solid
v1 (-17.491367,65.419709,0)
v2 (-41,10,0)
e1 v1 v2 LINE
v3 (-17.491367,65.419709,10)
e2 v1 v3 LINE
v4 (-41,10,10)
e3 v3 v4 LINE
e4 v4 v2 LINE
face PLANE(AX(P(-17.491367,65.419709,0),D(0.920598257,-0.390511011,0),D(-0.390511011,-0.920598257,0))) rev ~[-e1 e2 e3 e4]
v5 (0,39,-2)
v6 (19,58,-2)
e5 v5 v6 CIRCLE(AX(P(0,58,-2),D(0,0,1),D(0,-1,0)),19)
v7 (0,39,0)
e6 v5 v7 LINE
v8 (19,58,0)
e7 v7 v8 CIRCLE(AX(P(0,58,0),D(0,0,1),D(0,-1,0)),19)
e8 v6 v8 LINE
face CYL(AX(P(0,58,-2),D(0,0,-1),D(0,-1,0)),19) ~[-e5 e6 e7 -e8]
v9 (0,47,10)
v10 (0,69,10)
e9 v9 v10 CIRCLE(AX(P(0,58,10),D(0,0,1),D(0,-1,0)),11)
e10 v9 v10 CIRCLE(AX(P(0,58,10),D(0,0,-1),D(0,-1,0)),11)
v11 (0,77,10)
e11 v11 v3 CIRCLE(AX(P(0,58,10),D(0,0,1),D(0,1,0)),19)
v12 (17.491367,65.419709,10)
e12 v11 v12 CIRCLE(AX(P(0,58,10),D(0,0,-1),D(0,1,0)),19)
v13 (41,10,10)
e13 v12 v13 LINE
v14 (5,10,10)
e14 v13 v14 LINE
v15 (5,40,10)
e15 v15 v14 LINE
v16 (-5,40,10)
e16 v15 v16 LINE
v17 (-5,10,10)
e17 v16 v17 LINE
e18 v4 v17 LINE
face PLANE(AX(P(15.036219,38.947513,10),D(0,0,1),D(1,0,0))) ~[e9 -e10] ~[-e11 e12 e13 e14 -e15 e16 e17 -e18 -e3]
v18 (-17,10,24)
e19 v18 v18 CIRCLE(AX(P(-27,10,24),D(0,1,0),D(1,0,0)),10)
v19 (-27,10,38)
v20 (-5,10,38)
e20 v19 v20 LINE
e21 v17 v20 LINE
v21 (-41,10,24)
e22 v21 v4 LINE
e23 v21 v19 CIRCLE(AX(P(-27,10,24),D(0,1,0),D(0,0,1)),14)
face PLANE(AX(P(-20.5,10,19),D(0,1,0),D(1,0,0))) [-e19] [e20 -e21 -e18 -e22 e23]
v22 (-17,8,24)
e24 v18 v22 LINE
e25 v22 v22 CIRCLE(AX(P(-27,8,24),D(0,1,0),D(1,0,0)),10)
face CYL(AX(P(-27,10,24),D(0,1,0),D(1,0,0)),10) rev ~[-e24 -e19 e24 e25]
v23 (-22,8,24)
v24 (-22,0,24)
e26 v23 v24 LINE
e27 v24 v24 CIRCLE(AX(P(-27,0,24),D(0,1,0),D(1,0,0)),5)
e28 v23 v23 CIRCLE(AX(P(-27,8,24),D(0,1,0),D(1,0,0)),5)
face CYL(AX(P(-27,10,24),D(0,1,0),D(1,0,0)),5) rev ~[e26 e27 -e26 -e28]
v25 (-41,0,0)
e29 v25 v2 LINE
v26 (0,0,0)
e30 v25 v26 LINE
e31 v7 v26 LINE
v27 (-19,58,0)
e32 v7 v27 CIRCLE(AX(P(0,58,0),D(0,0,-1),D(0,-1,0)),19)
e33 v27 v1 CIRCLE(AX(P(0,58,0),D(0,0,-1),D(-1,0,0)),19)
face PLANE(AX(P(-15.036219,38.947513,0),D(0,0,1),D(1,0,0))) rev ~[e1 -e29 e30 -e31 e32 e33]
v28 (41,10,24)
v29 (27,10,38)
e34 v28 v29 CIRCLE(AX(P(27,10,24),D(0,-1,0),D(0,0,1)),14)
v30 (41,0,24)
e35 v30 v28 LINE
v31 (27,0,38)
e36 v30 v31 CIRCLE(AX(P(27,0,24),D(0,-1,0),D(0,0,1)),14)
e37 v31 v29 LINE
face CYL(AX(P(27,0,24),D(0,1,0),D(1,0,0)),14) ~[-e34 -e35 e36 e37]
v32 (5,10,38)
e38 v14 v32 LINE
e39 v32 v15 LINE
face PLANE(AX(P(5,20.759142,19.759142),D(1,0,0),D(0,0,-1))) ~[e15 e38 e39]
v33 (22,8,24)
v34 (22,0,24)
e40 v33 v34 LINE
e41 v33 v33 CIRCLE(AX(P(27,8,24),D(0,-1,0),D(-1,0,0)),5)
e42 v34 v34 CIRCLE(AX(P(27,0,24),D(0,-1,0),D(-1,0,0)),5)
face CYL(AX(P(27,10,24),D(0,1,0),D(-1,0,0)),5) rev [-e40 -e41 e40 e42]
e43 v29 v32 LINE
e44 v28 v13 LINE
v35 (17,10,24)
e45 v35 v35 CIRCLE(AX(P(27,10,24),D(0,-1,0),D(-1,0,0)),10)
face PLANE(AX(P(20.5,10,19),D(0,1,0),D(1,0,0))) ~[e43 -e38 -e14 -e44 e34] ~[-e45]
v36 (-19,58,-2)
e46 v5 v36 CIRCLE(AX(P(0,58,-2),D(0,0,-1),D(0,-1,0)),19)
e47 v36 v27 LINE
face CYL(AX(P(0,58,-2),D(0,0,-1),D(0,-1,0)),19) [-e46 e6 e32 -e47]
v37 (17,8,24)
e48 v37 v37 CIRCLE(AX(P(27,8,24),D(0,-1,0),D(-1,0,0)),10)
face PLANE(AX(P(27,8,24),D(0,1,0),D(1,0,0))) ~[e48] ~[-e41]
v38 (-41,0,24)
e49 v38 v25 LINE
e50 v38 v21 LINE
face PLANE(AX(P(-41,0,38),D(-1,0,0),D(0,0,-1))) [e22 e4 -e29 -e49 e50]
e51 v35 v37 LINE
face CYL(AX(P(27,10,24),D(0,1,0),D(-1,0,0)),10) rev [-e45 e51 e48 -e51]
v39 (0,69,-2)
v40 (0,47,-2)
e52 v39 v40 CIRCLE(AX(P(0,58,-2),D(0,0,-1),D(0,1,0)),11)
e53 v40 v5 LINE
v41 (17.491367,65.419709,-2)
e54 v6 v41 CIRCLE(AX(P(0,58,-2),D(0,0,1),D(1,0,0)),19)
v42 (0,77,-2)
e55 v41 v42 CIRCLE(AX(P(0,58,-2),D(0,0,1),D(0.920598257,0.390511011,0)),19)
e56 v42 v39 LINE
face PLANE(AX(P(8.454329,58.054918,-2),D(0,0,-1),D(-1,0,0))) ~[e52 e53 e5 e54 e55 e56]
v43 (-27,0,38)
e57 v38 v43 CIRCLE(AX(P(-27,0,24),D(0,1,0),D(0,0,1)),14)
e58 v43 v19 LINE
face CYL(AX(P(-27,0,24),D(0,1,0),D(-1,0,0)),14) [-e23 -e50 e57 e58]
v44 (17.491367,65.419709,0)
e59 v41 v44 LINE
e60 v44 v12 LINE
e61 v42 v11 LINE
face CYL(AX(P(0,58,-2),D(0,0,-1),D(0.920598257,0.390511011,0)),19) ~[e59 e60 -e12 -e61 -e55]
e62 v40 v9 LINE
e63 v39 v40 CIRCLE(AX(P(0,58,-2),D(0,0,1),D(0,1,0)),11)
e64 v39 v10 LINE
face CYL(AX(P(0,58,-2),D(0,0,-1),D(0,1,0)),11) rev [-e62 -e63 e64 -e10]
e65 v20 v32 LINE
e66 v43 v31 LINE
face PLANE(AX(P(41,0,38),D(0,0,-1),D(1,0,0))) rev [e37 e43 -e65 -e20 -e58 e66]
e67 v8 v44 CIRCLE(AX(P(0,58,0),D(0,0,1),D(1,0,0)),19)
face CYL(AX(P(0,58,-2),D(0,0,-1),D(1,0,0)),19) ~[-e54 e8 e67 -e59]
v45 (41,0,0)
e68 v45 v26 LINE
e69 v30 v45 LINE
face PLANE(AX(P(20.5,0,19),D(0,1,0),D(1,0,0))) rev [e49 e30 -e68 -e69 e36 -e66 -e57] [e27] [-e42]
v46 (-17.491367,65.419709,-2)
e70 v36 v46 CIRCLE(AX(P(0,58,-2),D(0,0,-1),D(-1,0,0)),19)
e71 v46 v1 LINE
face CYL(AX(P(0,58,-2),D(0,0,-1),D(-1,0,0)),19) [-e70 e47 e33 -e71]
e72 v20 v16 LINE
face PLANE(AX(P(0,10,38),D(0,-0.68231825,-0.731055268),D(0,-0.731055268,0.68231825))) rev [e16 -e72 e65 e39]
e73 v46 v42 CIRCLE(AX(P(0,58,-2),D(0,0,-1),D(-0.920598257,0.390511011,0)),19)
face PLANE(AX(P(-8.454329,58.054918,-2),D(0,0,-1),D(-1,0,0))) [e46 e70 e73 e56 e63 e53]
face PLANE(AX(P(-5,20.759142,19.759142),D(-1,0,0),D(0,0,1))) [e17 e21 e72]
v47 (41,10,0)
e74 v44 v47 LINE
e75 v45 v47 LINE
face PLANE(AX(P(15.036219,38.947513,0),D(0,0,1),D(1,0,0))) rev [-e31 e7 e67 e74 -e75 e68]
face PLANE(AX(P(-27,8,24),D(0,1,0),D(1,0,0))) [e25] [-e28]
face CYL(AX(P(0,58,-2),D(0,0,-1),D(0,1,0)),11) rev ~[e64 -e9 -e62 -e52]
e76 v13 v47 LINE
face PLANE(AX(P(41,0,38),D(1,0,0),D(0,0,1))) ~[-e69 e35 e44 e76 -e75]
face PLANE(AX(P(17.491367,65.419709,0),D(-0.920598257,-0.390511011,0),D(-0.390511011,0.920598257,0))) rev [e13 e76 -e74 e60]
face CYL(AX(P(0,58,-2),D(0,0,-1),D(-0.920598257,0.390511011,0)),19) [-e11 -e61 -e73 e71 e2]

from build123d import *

# Parameters (mm, degrees)
SKETCH1_W           = 41
SKETCH1_H           = 38
BOSS_EXTRUDE1_DEPTH = 10
SKETCH2_R           = 10
SKETCH2_R_2         = 5
CUT_EXTRUDE1_DEPTH  = 2
CUT_EXTRUDE2_REACH  = 58.789
SKETCH2_2_R         = 5
FILLET1_R           = 14
BOSS_EXTRUDE2_DEPTH = 10
BOSS_EXTRUDE3_START = 2
BOSS_EXTRUDE3_DEPTH = 2
BOSS_EXTRUDE4_DEPTH = 5


with BuildPart() as part:
    # Sketch1 → Boss-Extrude1 (new body)
    with BuildSketch(Plane(origin=(0, 0, 0), x_dir=(1, 0, 0), z_dir=(0, 1, 0))):
        with Locations((-20.5, -19)):
            Rectangle(SKETCH1_W, SKETCH1_H)
    extrude(amount=BOSS_EXTRUDE1_DEPTH)

    # Sketch2 → Cut-Extrude1 (cut)
    with BuildSketch(Plane(origin=(0, 10, 0), x_dir=(1, 0, 0), z_dir=(0, 1, 0))):
        with Locations((-27, -24)):
            Circle(SKETCH2_R)
        with Locations((-27, -24)):
            Circle(SKETCH2_R_2, mode=Mode.SUBTRACT)
    extrude(amount=-CUT_EXTRUDE1_DEPTH, mode=Mode.SUBTRACT)

    # Sketch2<2> → Cut-Extrude2 (cut, up to next)
    with BuildSketch(Plane(origin=(0, 10, 0), x_dir=(1, 0, 0), z_dir=(0, 1, 0)), mode=Mode.PRIVATE) as cut_extrude2_sk1:
        with Locations((-27, -24)):
            Circle(SKETCH2_2_R)
    cut_extrude2_tool1 = extrude(cut_extrude2_sk1.sketch, amount=-CUT_EXTRUDE2_REACH, mode=Mode.PRIVATE) & part.part
    add(cut_extrude2_tool1.solids().sort_by_distance((-27, 10, 24))[0], mode=Mode.SUBTRACT)

    # Fillet1
    fillet1_edges = [part.edges().sort_by_distance(p)[0] for p in [
        (-41, 5, 38),
    ]]
    fillet(fillet1_edges, radius=FILLET1_R)

    # Sketch4 → Boss-Extrude2 (add)
    with BuildSketch(Plane.XY):
        with BuildLine():
            ThreePointArc((0, 77), (-10.488696893, 73.842576731), (-17.491366878, 65.419709208))
            Line((-17.491366878, 65.419709208), (-41, 10))
            Line((-41, 10), (0, 10))
            Line((0, 10), (0, 47))
            ThreePointArc((0, 47), (-11, 58), (0, 69))
            Line((0, 69), (0, 77))
        make_face()
    extrude(amount=BOSS_EXTRUDE2_DEPTH)

    # Sketch5 → Boss-Extrude3 (add)
    with BuildSketch(Plane(origin=(0, 0, 0), x_dir=(-1, 0, 0), z_dir=(0, 0, -1)).offset(BOSS_EXTRUDE3_START)):
        with BuildLine():
            Line((0, 47), (0, 39))
            ThreePointArc((0, 39), (13.435028843, 44.564971157), (19, 58))
            ThreePointArc((19, 58), (18.619022137, 61.785764739), (17.491366878, 65.419709208))
            ThreePointArc((17.491366878, 65.419709208), (10.488696893, 73.842576731), (0, 77))
            Line((0, 77), (0, 69))
            ThreePointArc((0, 69), (11, 58), (0, 47))
        make_face()
    extrude(amount=-BOSS_EXTRUDE3_DEPTH)

    # Sketch6 → Boss-Extrude4 (add)
    with BuildSketch(Plane(origin=(0, 0, 0), x_dir=(0, 0, -1), z_dir=(1, 0, 0))):
        Polygon((-38, 10), (-10, 40), (-10, 10), align=None)
    extrude(amount=-BOSS_EXTRUDE4_DEPTH)

    # Mirror1: part across plane


with BuildPart() as part_1:
    add(part.part)
    add(part.part.mirror(Plane(origin=(0, 10, 0), x_dir=(0, 0, 1), z_dir=(-1, 0, 0))))


solid = part_1.part
